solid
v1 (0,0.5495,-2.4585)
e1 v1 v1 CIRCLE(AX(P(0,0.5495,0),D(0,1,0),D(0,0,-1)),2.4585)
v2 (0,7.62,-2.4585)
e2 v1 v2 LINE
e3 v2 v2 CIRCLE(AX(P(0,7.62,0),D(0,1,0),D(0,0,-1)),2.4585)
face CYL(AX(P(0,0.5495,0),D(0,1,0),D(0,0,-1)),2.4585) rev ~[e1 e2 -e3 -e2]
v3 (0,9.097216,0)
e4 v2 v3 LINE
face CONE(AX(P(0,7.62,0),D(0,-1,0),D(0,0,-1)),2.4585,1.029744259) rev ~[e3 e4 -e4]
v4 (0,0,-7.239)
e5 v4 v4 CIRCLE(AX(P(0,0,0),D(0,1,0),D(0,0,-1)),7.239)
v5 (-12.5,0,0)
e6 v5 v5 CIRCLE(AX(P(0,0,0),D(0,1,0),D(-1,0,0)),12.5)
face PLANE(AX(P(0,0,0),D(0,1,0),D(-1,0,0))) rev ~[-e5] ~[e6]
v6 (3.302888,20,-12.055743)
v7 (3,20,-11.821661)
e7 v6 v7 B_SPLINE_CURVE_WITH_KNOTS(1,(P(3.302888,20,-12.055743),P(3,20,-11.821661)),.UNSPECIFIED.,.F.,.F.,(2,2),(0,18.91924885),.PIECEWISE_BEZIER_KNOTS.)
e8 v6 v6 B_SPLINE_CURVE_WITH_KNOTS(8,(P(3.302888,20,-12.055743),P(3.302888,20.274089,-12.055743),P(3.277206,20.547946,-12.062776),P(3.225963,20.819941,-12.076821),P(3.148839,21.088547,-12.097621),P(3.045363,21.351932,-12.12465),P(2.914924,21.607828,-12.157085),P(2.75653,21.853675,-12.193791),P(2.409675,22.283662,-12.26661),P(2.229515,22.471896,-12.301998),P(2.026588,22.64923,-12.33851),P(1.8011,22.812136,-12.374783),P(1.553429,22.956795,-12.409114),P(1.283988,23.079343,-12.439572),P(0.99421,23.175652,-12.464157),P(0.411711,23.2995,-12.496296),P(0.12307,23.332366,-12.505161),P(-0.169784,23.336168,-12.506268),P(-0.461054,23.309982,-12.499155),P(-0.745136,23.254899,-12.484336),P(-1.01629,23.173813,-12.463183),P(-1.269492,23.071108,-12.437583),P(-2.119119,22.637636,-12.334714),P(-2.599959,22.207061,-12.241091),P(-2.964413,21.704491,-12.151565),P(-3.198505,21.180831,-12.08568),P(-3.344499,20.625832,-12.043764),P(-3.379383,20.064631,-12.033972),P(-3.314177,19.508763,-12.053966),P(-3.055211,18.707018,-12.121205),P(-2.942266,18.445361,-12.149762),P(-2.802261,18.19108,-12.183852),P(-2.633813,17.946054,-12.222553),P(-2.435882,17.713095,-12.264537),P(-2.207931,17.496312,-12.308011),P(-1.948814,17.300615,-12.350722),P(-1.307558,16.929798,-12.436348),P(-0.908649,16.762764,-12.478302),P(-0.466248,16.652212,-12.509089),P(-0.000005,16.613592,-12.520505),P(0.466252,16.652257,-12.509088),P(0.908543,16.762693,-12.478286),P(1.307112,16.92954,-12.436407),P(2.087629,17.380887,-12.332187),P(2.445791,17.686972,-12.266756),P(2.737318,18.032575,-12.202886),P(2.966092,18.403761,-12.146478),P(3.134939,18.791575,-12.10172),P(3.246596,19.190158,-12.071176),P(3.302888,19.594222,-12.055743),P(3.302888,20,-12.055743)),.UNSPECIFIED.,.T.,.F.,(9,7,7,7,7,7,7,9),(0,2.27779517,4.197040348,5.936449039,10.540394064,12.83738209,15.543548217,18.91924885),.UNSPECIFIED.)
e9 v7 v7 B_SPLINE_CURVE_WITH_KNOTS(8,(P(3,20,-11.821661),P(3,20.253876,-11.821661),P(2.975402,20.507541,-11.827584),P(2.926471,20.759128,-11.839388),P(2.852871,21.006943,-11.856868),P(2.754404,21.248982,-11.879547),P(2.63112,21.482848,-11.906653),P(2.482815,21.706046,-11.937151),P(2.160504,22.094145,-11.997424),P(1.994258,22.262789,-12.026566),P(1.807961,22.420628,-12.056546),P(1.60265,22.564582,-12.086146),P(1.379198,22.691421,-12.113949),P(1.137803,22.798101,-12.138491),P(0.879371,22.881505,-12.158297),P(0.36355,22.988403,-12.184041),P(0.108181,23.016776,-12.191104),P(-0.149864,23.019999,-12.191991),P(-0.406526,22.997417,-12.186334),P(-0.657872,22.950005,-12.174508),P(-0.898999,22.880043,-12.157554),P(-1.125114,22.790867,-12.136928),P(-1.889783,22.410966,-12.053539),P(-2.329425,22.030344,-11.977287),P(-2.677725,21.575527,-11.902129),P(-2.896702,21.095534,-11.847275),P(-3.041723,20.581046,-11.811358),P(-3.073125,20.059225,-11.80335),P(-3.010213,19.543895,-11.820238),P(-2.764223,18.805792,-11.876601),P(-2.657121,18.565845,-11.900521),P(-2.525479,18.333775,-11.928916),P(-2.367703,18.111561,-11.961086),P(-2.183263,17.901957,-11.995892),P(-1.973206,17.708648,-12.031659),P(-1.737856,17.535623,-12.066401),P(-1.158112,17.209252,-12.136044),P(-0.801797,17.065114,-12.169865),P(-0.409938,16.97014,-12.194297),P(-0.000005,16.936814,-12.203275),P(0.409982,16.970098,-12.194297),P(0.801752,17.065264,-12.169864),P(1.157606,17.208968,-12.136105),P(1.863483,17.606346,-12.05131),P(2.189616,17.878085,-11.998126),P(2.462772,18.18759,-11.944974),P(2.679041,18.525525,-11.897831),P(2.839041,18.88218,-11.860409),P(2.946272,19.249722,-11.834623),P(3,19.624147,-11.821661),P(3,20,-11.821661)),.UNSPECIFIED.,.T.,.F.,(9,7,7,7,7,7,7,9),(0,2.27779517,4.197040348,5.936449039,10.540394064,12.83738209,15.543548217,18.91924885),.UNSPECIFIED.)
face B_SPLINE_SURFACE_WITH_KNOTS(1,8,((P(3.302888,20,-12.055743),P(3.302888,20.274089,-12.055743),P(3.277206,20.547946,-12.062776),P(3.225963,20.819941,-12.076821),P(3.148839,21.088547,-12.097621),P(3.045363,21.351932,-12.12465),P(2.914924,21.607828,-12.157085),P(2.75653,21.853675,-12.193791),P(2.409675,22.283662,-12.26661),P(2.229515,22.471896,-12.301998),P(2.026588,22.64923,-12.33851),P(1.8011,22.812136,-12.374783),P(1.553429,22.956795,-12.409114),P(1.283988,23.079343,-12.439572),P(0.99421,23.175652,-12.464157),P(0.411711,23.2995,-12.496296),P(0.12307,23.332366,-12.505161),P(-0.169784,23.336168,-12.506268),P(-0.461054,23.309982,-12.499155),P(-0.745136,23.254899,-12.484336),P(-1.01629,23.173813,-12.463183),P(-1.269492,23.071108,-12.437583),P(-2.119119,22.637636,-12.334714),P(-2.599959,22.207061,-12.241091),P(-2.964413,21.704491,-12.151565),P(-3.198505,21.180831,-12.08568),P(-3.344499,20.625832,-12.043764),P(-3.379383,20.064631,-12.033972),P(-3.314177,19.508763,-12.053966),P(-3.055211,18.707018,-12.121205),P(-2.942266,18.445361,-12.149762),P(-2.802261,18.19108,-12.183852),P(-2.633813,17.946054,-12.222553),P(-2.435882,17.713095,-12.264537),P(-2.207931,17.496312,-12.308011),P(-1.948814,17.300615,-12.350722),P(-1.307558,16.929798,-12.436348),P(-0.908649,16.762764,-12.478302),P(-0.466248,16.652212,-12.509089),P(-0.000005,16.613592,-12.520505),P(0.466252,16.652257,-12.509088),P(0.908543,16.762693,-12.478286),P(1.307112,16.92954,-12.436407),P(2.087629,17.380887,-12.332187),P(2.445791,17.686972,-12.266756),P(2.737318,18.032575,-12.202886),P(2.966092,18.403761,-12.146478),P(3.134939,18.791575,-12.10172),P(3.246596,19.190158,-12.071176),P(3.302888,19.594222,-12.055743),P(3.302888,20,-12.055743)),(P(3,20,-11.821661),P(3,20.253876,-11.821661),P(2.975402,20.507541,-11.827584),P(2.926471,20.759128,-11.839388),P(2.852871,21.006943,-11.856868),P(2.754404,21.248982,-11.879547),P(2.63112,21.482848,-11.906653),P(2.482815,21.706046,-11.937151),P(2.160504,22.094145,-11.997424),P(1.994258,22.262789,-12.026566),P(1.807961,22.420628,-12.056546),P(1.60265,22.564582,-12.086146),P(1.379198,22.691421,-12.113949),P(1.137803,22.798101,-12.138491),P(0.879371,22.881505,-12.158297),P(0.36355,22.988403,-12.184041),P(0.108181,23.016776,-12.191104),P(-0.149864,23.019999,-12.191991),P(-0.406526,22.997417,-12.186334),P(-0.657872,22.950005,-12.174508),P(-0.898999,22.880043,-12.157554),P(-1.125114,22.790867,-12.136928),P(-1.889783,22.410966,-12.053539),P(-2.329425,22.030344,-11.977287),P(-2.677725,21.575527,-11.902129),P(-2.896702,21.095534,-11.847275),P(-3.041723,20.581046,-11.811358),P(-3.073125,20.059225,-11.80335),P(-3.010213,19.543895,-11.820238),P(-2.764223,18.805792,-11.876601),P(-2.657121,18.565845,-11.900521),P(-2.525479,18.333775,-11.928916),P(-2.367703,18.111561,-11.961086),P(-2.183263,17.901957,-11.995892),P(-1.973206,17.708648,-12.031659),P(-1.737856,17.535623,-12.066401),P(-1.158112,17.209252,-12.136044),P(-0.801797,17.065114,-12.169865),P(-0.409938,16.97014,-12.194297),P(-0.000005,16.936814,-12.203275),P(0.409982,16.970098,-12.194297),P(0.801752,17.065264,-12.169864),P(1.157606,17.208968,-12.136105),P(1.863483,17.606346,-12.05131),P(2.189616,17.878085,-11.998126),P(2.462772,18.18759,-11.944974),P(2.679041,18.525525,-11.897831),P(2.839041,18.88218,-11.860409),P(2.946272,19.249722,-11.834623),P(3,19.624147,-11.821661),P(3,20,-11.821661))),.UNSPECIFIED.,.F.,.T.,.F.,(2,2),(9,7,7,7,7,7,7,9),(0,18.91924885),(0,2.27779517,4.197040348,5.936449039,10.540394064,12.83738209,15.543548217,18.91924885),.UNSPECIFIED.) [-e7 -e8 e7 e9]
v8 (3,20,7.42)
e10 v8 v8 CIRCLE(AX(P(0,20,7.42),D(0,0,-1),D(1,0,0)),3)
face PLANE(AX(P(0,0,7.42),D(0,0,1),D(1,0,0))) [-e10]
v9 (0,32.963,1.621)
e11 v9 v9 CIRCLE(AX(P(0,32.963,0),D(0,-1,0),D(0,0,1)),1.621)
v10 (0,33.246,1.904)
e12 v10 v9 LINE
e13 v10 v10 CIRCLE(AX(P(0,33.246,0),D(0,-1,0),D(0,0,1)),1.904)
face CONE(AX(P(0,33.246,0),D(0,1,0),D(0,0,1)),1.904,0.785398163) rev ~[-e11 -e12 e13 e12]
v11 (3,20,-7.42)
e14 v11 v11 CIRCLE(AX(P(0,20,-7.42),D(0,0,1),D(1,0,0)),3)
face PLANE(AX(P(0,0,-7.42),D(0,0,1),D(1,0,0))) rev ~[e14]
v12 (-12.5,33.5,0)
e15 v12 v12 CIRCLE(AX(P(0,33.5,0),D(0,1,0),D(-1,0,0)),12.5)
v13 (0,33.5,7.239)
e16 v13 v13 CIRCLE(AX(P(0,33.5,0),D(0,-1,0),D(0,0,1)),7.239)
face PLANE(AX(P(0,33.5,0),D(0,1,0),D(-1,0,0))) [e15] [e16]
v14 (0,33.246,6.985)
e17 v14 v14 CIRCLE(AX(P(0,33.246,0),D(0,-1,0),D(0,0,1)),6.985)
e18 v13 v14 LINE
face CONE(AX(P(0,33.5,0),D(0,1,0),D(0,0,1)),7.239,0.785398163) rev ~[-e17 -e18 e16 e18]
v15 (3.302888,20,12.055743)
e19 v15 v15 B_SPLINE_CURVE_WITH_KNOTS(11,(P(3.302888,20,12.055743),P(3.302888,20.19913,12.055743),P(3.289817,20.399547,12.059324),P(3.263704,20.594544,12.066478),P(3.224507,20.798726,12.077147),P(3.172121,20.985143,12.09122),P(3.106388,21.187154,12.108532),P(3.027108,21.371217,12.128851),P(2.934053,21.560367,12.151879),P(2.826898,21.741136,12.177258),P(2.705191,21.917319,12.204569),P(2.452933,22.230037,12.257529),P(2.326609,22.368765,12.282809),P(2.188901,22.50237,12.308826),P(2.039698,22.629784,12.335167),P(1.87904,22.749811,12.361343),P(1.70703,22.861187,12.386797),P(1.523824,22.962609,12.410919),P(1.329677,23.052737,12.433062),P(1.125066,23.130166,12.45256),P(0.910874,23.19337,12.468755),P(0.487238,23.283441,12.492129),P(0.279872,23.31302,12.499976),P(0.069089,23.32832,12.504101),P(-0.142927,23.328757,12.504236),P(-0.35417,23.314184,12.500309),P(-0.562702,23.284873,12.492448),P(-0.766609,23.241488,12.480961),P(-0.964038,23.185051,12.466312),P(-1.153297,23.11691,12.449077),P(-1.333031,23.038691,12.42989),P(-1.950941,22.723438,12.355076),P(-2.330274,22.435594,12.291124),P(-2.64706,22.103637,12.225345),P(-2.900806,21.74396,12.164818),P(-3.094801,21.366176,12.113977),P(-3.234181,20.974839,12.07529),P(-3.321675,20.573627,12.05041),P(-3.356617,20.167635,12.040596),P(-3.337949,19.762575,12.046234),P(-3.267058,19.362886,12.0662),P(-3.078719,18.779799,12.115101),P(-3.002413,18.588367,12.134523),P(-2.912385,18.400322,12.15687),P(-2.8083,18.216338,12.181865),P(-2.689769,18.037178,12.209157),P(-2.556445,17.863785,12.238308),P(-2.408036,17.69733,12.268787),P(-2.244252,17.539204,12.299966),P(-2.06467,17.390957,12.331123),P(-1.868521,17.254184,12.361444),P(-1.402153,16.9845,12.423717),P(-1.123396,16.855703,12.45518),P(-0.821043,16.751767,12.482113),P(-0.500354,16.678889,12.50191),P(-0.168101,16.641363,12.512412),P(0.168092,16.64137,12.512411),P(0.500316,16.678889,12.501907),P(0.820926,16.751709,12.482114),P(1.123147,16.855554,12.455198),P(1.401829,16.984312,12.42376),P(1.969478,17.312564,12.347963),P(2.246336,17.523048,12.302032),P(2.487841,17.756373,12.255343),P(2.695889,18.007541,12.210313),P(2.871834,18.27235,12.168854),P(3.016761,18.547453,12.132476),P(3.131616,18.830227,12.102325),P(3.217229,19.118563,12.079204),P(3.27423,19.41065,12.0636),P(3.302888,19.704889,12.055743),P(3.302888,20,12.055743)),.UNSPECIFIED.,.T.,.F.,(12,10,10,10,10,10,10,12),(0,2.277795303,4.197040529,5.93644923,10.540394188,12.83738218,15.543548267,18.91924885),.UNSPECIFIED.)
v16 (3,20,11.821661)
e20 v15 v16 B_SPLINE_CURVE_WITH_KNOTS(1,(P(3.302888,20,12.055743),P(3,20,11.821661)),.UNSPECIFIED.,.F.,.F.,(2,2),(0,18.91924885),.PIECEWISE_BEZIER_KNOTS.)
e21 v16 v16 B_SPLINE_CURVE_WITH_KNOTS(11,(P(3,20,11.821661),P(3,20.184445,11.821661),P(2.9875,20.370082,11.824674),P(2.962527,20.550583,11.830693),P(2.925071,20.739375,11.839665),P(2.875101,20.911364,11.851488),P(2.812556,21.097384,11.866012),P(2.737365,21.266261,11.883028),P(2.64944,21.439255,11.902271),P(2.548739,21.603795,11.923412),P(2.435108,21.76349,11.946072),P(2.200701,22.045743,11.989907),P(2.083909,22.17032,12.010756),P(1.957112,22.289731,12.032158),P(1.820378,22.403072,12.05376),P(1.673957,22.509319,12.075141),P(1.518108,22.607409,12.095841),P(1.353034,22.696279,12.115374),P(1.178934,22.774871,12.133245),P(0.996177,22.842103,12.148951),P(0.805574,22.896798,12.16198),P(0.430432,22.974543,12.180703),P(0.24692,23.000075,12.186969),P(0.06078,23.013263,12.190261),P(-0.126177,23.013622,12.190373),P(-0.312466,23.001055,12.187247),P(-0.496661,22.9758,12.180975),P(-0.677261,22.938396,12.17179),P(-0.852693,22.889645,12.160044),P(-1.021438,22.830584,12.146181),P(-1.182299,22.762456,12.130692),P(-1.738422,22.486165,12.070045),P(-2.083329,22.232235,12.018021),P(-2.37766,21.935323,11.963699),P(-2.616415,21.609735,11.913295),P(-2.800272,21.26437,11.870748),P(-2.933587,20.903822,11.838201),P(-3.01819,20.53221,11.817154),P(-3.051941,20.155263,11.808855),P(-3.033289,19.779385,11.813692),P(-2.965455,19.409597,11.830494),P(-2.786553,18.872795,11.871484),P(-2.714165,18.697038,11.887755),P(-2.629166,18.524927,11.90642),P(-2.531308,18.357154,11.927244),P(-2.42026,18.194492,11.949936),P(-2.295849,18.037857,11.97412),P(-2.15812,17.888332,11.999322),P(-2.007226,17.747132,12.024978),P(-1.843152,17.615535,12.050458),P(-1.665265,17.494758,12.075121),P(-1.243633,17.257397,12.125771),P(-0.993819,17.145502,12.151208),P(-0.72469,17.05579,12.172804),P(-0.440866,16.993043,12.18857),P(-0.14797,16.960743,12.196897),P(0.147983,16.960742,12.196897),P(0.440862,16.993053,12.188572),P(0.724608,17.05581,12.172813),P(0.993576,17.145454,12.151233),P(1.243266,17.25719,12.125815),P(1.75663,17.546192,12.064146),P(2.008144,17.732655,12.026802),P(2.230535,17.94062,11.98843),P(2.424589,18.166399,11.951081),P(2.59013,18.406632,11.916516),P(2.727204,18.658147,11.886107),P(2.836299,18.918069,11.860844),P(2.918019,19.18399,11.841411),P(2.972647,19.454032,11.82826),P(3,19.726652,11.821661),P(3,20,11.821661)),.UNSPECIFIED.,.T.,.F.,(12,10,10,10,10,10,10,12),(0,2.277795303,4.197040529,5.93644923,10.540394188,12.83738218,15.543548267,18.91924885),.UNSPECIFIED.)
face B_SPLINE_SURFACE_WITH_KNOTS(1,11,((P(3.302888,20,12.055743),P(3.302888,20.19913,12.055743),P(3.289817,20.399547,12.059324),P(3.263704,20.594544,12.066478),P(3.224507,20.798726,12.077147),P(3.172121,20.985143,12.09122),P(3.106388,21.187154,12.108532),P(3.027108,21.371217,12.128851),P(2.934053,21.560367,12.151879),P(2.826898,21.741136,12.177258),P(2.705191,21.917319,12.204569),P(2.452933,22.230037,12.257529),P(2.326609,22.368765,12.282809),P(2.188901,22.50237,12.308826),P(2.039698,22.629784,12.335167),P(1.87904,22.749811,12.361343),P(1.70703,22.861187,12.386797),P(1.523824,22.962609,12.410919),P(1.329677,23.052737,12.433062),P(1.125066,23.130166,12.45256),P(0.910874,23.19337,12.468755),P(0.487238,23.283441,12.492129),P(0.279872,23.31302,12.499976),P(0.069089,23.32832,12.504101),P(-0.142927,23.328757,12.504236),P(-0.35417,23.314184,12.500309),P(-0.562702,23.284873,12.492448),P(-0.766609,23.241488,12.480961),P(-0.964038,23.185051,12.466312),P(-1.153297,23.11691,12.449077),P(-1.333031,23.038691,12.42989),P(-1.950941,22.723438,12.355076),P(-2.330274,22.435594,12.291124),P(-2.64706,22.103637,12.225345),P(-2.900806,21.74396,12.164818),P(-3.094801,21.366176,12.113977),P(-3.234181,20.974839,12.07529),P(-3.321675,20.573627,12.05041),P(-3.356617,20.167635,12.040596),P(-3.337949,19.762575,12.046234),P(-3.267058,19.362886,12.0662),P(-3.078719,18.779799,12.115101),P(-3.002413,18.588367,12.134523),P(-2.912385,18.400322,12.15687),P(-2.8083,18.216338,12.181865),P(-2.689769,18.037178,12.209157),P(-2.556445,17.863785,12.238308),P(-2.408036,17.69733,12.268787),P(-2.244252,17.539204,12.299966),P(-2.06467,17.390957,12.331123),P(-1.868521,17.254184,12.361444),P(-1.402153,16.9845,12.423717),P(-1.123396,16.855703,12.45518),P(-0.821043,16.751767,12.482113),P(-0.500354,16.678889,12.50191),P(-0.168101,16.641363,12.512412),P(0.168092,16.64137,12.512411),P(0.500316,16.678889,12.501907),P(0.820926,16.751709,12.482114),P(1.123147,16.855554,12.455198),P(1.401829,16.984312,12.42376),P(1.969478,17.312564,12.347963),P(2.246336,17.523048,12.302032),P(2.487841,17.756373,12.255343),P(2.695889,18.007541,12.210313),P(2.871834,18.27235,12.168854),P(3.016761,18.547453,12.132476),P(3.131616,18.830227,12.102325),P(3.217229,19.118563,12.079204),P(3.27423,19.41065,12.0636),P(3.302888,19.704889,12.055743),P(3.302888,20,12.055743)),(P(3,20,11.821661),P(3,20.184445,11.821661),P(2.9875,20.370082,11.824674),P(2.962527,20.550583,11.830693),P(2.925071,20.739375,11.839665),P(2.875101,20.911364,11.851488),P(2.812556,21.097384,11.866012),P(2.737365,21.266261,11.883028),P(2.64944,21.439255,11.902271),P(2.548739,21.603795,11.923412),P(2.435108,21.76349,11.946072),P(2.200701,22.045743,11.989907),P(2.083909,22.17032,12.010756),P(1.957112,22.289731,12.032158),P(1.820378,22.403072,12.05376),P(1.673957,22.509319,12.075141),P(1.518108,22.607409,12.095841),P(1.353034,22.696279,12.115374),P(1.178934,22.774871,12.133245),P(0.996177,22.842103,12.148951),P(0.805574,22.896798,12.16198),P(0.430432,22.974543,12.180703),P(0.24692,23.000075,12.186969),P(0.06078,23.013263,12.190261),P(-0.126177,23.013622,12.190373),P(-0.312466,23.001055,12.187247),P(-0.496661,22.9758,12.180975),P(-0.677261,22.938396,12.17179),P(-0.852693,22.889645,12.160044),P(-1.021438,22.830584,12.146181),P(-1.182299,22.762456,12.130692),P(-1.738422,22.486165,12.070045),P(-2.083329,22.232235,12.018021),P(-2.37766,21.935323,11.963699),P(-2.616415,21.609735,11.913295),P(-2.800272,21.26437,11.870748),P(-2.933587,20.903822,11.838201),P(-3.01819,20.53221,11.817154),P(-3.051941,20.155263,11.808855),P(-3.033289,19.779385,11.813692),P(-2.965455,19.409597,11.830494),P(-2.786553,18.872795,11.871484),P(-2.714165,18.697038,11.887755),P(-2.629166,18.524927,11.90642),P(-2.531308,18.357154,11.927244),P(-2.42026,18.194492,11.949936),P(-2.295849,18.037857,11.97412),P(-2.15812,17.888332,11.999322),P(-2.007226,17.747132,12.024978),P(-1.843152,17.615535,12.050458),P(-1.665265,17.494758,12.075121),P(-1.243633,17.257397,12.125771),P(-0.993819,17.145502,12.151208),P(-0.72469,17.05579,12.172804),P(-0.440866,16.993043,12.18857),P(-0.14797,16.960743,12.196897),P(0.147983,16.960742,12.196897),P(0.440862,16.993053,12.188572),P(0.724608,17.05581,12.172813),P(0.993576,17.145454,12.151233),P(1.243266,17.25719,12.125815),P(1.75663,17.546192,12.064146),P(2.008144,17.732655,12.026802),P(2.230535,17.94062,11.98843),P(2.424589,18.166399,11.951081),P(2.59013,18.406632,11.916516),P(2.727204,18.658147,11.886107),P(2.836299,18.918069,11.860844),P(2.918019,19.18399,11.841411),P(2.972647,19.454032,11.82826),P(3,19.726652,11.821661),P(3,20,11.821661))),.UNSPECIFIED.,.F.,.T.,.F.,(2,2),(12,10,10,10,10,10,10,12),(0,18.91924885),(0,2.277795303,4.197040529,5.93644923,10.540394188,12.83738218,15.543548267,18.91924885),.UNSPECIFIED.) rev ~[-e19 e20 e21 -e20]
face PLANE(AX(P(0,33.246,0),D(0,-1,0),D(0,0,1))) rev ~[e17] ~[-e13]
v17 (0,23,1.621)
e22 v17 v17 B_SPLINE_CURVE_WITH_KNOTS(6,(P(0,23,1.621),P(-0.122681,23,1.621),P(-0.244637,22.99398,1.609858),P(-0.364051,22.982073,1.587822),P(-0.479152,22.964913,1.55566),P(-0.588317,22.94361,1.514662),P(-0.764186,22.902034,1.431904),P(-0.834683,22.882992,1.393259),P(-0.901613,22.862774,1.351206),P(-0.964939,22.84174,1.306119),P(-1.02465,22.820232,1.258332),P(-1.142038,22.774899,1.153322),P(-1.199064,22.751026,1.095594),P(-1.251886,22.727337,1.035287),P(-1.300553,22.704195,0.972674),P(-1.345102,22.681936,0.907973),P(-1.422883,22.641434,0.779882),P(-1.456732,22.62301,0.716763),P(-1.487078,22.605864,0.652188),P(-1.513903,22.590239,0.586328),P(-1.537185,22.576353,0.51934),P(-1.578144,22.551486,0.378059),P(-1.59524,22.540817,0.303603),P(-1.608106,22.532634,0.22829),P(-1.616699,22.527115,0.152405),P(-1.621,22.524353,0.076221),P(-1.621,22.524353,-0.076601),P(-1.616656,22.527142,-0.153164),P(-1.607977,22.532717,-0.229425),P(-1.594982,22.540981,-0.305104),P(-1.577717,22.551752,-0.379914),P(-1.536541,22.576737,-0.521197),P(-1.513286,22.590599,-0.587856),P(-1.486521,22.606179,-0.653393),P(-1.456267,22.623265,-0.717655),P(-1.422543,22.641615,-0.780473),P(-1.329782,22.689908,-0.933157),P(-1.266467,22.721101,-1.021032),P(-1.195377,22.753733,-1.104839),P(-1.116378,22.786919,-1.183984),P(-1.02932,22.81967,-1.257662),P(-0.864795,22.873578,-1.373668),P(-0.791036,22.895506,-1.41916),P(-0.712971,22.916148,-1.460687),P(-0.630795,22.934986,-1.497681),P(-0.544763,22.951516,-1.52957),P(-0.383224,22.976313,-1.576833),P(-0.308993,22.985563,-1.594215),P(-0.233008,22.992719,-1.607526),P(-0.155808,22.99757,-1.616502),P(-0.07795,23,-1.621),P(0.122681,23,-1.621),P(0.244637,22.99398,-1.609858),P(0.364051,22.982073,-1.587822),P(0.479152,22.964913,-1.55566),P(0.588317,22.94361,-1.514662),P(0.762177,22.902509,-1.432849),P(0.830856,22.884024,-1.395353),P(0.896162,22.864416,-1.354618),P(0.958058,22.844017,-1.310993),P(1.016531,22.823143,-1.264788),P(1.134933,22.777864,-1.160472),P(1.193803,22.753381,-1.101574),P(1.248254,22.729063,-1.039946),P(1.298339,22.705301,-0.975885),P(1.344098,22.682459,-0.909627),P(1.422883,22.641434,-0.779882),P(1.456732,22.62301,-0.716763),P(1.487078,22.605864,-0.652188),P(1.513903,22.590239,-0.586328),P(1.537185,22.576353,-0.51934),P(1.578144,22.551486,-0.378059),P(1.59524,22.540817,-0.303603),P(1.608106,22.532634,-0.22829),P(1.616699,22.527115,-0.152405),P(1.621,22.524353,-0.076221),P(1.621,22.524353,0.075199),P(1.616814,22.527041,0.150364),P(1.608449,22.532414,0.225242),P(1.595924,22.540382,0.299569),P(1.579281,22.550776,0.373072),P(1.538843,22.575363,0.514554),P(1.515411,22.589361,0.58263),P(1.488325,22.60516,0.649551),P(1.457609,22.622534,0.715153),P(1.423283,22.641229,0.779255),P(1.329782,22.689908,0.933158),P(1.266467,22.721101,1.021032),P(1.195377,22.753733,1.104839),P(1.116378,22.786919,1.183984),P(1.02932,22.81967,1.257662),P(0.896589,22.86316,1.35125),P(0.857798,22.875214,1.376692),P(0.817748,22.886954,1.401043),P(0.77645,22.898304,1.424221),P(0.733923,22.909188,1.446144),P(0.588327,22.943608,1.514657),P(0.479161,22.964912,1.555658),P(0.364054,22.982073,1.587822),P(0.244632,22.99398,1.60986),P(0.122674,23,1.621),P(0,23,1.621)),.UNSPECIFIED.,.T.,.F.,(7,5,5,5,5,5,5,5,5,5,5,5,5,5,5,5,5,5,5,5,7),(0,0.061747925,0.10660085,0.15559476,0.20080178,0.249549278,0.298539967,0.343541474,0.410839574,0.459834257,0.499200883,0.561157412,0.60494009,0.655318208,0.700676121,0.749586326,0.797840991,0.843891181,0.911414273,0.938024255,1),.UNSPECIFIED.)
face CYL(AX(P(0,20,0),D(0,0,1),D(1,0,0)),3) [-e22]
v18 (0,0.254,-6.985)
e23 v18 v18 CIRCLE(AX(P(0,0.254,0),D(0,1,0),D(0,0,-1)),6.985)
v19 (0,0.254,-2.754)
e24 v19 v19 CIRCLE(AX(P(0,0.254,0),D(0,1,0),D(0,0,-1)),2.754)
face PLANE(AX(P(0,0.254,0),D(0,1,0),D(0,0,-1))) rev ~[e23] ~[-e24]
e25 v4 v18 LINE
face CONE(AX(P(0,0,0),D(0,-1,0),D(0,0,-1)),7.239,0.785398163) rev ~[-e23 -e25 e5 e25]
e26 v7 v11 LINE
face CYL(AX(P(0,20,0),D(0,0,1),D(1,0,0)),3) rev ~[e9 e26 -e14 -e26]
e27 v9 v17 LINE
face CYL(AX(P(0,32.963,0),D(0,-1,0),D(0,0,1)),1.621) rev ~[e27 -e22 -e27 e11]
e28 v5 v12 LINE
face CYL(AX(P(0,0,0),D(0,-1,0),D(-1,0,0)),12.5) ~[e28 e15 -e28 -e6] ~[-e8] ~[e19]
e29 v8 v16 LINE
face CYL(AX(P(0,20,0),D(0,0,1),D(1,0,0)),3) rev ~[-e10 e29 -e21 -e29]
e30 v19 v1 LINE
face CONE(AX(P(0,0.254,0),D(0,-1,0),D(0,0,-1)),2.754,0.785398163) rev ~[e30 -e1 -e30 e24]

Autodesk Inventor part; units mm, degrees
ref_plane "YZ Plane" through (0, 0, 0) normal (1, 0, 0) x (0, 1, 0)
ref_plane "XZ Plane" through (0, 0, 0) normal (0, 1, 0) x (-1, 0, 0)
ref_plane "XY Plane" through (0, 0, 0) normal (0, 0, 1) x (1, 0, 0)
sketch "Sketch1" plane through (0, 0, 0) normal (0, 1, 0) x (-1, 0, 0)
  circle A0 centre (0, 0) radius 12.5
  dimension "d0" = 25
extrude "Extrusion1" add sketch "Sketch1" along normal blind 33.5
hole "ReliefTop" at (0, 33.5, 0) direction (0, -1, 0) diameter 13.97 depth 0.254 countersink diameter 14.478 countersink angle 90
hole "ReliefBottom" at (0, 0, 0) direction (0, 1, 0) diameter 13.97 depth 0.254 countersink diameter 14.478 countersink angle 90
hole "MountBottomM6" at (0, 0.254, 0) direction (0, 1, 0) diameter 4.917 depth 7.366 tip angle 118 countersink diameter 5.508 countersink angle 90 thread size "M6x1" class "6H" standard "ISO Metric profile"
hole "MountTopM4" at (0, 33.246, 0) direction (0, -1, 0) diameter 3.242 depth 14.478 tip angle 118 countersink diameter 3.808 countersink angle 90 thread size "M4x0.7" class "6H" standard "ISO Metric profile"
sketch "Sketch2" plane through (0, 0, 0) normal (0, 0, 1) x (1, 0, 0)
  circle A0 centre (0, 20) radius 3
  line L0 (-12.5, 0) -> (12.5, 0) projected
  line L1 (0, -4.6) -> (0, 27.6) projected
  point P0 (0, 0)
  dimension "d49" = 6
  dimension "d50" = 20
extrude "Extrusion2" cut sketch "Sketch2" along normal through all both and the other way through all
chamfer "Chamfer1" distance 0.313 angle 45 2 edges at (-3, 19.9998, 12.1347) (-3, 19.9998, -12.1347)
extrude "Extrusion3" add sketch "Sketch2" along normal mid plane 14.84
equation "\"d1\" = height"
equation "\"d5\" = reliefMinor"
equation "\"d7\" = reliefMajor"
equation "\"d10\" = reliefDepth"
equation "\"d14\" = reliefMinor"
equation "\"d16\" = reliefMajor"
equation "\"d19\" = reliefDepth"
equation "\"d25\" = chamferM6"
equation "\"d28\" = depthM6"
equation "\"d40\" = chamferM4"
equation "\"d43\" = depthM4"
equation "\"reliefDepth\" = 0.254"
equation "\"reliefMinor\" = 13.97"
equation "\"reliefMajor\" = 14.478"
equation "\"chamferM6\" = 5.508"
equation "\"chamferM4\" = 3.808"
equation "\"depthM6\" = 7.366"
equation "\"depthM4\" = 14.478"
equation "\"height\" = 33.5"
properties part number "PLS-P642H0335A00_M" material "Stainless Steel"
